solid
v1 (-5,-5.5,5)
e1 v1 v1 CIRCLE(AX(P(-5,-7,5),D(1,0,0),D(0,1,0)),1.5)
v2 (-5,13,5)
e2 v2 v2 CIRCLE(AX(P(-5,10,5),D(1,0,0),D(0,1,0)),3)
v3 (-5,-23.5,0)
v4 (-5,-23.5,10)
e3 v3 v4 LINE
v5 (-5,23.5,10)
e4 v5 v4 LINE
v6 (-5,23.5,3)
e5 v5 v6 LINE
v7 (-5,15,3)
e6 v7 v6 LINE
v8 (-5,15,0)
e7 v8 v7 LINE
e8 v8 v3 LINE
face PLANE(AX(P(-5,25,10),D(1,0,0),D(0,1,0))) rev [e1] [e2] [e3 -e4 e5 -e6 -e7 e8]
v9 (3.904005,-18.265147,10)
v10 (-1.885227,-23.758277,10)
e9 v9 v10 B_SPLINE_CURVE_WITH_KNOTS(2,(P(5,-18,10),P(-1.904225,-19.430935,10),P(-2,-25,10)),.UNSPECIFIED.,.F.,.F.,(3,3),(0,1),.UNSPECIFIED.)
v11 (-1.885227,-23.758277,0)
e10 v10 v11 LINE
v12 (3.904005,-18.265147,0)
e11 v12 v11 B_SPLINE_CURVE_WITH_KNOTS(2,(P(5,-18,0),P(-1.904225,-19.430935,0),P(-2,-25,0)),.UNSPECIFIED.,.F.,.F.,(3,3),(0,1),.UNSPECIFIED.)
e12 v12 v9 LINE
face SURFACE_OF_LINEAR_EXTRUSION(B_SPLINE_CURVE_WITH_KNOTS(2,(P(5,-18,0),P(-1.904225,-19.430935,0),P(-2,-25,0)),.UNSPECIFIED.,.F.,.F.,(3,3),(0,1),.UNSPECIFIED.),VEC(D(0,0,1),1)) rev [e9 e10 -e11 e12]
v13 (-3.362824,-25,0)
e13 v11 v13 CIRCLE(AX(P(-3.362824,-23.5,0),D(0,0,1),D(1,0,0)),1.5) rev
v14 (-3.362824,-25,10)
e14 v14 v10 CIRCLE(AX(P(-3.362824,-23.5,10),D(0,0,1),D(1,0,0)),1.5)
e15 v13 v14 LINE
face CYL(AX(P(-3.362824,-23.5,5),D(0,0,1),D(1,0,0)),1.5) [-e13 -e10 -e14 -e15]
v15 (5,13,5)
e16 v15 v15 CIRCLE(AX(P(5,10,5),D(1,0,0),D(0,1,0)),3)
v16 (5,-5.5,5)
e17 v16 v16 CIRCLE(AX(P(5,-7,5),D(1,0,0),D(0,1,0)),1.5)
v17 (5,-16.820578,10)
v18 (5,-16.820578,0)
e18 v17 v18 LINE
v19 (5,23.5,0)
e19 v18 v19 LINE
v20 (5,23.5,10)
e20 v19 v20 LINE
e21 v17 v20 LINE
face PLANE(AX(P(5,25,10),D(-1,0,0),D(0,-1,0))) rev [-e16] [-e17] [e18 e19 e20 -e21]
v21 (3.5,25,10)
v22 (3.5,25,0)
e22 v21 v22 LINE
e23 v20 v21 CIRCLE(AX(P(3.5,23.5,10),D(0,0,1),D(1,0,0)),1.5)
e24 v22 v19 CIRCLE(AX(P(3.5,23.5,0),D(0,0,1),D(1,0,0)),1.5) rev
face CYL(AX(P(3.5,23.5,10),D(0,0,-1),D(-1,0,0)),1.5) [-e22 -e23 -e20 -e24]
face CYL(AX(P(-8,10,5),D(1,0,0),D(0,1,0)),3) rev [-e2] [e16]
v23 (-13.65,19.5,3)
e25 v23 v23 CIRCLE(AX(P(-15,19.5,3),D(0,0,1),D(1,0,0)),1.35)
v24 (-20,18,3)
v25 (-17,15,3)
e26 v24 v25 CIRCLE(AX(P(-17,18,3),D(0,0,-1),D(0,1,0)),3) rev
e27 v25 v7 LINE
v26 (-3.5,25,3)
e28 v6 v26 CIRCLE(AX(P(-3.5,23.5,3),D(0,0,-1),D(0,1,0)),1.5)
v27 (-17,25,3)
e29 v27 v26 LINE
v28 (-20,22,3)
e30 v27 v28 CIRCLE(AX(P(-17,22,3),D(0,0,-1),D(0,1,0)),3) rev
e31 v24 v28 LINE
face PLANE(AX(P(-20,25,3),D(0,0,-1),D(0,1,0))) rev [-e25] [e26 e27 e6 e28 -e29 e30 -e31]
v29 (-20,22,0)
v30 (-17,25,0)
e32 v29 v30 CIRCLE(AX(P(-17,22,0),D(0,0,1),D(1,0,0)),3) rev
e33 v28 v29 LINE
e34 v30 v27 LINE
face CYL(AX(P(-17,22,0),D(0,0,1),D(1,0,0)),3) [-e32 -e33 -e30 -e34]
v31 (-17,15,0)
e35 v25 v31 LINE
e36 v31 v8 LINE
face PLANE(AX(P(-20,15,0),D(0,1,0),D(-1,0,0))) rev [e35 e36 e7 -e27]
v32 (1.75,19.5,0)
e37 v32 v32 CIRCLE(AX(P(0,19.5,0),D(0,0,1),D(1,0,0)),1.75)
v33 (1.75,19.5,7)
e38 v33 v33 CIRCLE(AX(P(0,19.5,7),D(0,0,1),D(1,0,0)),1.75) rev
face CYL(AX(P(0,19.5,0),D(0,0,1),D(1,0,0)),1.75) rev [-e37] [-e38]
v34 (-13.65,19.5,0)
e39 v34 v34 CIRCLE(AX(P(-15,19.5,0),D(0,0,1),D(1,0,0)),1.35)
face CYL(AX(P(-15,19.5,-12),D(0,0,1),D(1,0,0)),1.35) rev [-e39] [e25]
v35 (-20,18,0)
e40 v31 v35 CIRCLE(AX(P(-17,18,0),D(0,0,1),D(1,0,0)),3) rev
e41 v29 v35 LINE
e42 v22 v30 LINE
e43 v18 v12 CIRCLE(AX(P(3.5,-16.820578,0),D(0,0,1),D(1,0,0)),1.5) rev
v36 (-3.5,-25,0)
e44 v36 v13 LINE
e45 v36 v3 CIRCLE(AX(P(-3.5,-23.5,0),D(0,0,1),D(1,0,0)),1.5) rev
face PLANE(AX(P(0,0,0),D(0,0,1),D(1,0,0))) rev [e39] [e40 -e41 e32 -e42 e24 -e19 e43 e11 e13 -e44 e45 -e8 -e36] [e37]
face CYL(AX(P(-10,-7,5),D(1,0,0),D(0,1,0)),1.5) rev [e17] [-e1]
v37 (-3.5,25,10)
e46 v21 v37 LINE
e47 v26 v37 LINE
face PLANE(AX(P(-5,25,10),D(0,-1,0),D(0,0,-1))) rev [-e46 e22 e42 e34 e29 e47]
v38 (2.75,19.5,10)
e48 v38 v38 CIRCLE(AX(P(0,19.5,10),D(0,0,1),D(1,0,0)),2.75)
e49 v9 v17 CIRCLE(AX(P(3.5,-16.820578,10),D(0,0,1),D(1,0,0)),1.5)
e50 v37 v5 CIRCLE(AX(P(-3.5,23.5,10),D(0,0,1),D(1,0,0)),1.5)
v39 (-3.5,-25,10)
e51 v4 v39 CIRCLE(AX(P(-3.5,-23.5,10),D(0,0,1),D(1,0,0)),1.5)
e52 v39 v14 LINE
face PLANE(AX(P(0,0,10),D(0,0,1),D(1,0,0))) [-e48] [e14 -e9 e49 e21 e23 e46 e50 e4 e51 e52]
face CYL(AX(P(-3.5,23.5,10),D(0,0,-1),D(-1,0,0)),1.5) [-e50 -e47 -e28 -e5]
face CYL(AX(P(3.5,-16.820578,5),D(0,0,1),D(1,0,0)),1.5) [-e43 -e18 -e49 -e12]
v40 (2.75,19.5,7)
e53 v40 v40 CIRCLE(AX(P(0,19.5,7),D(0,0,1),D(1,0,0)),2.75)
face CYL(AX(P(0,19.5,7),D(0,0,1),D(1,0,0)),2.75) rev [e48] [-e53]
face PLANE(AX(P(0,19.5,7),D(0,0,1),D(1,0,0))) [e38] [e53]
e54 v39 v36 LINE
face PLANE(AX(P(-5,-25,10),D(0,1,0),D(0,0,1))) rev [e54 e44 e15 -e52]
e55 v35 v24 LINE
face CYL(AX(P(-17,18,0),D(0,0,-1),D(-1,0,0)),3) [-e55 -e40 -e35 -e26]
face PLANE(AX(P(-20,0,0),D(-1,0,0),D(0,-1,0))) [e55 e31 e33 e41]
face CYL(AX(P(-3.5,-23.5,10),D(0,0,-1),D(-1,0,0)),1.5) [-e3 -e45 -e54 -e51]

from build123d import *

# Parameters (mm, degrees)
SKETCH1_W           = 10
SKETCH1_H           = 50
BOSS_EXTRUDE1_DEPTH = 10
SKETCH2_R           = 1.75
CUT_EXTRUDE1_DEPTH  = 10
CUT_EXTRUDE2_DEPTH  = 10
FILLET1_R           = 1.5
SKETCH4_R           = 2.75
CUT_EXTRUDE3_DEPTH  = 3
SKETCH5_R           = 3
CUT_EXTRUDE4_DEPTH  = 13
SKETCH6_W           = 3
SKETCH6_H           = 10
BOSS_EXTRUDE2_DEPTH = 15
FILLET2_R           = 3
FILLET3_R           = 1.5
SKETCH7_R           = 1.35
CUT_EXTRUDE5_DEPTH  = 15
SKETCH8_R           = 1.5
CUT_EXTRUDE6_DEPTH  = 15


with BuildPart() as part:
    # Sketch1 → Boss-Extrude1 (new body)
    with BuildSketch(Plane.XY):
        Rectangle(SKETCH1_W, SKETCH1_H)
    extrude(amount=BOSS_EXTRUDE1_DEPTH)

    # Sketch2 → Cut-Extrude1 (cut)
    with BuildSketch(Plane.XY.offset(10)):
        with Locations((0, 19.5)):
            Circle(SKETCH2_R)
    extrude(amount=-CUT_EXTRUDE1_DEPTH, mode=Mode.SUBTRACT)

    # Sketch3 → Cut-Extrude2 (cut)
    with BuildSketch(Plane.XY.offset(10)):
        with BuildLine():
            Line((5, -18), (5, -25))
            Line((5, -25), (-2, -25))
            add(Edge.make_bspline(
                [(-2, -25), (-1.904224842, -19.430935455), (5, -18)],
                knots=[0, 0, 0, 1, 1, 1], degree=2))
        make_face()
    extrude(amount=-CUT_EXTRUDE2_DEPTH, mode=Mode.SUBTRACT)

    # Fillet1
    fillet1_edges = [part.edges().sort_by_distance(p)[0] for p in [
        (5, -18, 5),
        (-2, -25, 5),
        (-5, -25, 5),
        (5, 25, 5),
    ]]
    fillet(fillet1_edges, radius=FILLET1_R)

    # Sketch4 → Cut-Extrude3 (cut)
    with BuildSketch(Plane.XY.offset(10)):
        with Locations((0, 19.5)):
            Circle(SKETCH4_R)
    extrude(amount=-CUT_EXTRUDE3_DEPTH, mode=Mode.SUBTRACT)

    # Sketch5 → Cut-Extrude4 (cut)
    with BuildSketch(Plane(origin=(5, 0, 0), x_dir=(0, 0, -1), z_dir=(1, 0, 0))):
        with Locations((-5, 10)):
            Circle(SKETCH5_R)
    extrude(amount=-CUT_EXTRUDE4_DEPTH, mode=Mode.SUBTRACT)

    # Sketch6 → Boss-Extrude2 (add)
    with BuildSketch(Plane.ZY.offset(5)):
        with Locations((1.5, 20)):
            Rectangle(SKETCH6_W, SKETCH6_H)
    extrude(amount=BOSS_EXTRUDE2_DEPTH)

    # Fillet2
    fillet2_edges = [part.edges().sort_by_distance(p)[0] for p in [
        (-20, 15, 1.5),
        (-20, 25, 1.5),
    ]]
    fillet(fillet2_edges, radius=FILLET2_R)

    # Fillet3
    fillet3_edges = [part.edges().sort_by_distance(p)[0] for p in [
        (-5, 25, 6.5),
    ]]
    fillet(fillet3_edges, radius=FILLET3_R)

    # Sketch7 → Cut-Extrude5 (cut)
    with BuildSketch(Plane.XY.offset(3)):
        with Locations((-15, 19.5)):
            Circle(SKETCH7_R)
    extrude(amount=-CUT_EXTRUDE5_DEPTH, mode=Mode.SUBTRACT)

    # Sketch8 → Cut-Extrude6 (cut)
    with BuildSketch(Plane(origin=(5, 0, 0), x_dir=(0, 0, -1), z_dir=(1, 0, 0))):
        with Locations((-5, -7)):
            Circle(SKETCH8_R)
    extrude(amount=-CUT_EXTRUDE6_DEPTH, mode=Mode.SUBTRACT)


solid = part.part
